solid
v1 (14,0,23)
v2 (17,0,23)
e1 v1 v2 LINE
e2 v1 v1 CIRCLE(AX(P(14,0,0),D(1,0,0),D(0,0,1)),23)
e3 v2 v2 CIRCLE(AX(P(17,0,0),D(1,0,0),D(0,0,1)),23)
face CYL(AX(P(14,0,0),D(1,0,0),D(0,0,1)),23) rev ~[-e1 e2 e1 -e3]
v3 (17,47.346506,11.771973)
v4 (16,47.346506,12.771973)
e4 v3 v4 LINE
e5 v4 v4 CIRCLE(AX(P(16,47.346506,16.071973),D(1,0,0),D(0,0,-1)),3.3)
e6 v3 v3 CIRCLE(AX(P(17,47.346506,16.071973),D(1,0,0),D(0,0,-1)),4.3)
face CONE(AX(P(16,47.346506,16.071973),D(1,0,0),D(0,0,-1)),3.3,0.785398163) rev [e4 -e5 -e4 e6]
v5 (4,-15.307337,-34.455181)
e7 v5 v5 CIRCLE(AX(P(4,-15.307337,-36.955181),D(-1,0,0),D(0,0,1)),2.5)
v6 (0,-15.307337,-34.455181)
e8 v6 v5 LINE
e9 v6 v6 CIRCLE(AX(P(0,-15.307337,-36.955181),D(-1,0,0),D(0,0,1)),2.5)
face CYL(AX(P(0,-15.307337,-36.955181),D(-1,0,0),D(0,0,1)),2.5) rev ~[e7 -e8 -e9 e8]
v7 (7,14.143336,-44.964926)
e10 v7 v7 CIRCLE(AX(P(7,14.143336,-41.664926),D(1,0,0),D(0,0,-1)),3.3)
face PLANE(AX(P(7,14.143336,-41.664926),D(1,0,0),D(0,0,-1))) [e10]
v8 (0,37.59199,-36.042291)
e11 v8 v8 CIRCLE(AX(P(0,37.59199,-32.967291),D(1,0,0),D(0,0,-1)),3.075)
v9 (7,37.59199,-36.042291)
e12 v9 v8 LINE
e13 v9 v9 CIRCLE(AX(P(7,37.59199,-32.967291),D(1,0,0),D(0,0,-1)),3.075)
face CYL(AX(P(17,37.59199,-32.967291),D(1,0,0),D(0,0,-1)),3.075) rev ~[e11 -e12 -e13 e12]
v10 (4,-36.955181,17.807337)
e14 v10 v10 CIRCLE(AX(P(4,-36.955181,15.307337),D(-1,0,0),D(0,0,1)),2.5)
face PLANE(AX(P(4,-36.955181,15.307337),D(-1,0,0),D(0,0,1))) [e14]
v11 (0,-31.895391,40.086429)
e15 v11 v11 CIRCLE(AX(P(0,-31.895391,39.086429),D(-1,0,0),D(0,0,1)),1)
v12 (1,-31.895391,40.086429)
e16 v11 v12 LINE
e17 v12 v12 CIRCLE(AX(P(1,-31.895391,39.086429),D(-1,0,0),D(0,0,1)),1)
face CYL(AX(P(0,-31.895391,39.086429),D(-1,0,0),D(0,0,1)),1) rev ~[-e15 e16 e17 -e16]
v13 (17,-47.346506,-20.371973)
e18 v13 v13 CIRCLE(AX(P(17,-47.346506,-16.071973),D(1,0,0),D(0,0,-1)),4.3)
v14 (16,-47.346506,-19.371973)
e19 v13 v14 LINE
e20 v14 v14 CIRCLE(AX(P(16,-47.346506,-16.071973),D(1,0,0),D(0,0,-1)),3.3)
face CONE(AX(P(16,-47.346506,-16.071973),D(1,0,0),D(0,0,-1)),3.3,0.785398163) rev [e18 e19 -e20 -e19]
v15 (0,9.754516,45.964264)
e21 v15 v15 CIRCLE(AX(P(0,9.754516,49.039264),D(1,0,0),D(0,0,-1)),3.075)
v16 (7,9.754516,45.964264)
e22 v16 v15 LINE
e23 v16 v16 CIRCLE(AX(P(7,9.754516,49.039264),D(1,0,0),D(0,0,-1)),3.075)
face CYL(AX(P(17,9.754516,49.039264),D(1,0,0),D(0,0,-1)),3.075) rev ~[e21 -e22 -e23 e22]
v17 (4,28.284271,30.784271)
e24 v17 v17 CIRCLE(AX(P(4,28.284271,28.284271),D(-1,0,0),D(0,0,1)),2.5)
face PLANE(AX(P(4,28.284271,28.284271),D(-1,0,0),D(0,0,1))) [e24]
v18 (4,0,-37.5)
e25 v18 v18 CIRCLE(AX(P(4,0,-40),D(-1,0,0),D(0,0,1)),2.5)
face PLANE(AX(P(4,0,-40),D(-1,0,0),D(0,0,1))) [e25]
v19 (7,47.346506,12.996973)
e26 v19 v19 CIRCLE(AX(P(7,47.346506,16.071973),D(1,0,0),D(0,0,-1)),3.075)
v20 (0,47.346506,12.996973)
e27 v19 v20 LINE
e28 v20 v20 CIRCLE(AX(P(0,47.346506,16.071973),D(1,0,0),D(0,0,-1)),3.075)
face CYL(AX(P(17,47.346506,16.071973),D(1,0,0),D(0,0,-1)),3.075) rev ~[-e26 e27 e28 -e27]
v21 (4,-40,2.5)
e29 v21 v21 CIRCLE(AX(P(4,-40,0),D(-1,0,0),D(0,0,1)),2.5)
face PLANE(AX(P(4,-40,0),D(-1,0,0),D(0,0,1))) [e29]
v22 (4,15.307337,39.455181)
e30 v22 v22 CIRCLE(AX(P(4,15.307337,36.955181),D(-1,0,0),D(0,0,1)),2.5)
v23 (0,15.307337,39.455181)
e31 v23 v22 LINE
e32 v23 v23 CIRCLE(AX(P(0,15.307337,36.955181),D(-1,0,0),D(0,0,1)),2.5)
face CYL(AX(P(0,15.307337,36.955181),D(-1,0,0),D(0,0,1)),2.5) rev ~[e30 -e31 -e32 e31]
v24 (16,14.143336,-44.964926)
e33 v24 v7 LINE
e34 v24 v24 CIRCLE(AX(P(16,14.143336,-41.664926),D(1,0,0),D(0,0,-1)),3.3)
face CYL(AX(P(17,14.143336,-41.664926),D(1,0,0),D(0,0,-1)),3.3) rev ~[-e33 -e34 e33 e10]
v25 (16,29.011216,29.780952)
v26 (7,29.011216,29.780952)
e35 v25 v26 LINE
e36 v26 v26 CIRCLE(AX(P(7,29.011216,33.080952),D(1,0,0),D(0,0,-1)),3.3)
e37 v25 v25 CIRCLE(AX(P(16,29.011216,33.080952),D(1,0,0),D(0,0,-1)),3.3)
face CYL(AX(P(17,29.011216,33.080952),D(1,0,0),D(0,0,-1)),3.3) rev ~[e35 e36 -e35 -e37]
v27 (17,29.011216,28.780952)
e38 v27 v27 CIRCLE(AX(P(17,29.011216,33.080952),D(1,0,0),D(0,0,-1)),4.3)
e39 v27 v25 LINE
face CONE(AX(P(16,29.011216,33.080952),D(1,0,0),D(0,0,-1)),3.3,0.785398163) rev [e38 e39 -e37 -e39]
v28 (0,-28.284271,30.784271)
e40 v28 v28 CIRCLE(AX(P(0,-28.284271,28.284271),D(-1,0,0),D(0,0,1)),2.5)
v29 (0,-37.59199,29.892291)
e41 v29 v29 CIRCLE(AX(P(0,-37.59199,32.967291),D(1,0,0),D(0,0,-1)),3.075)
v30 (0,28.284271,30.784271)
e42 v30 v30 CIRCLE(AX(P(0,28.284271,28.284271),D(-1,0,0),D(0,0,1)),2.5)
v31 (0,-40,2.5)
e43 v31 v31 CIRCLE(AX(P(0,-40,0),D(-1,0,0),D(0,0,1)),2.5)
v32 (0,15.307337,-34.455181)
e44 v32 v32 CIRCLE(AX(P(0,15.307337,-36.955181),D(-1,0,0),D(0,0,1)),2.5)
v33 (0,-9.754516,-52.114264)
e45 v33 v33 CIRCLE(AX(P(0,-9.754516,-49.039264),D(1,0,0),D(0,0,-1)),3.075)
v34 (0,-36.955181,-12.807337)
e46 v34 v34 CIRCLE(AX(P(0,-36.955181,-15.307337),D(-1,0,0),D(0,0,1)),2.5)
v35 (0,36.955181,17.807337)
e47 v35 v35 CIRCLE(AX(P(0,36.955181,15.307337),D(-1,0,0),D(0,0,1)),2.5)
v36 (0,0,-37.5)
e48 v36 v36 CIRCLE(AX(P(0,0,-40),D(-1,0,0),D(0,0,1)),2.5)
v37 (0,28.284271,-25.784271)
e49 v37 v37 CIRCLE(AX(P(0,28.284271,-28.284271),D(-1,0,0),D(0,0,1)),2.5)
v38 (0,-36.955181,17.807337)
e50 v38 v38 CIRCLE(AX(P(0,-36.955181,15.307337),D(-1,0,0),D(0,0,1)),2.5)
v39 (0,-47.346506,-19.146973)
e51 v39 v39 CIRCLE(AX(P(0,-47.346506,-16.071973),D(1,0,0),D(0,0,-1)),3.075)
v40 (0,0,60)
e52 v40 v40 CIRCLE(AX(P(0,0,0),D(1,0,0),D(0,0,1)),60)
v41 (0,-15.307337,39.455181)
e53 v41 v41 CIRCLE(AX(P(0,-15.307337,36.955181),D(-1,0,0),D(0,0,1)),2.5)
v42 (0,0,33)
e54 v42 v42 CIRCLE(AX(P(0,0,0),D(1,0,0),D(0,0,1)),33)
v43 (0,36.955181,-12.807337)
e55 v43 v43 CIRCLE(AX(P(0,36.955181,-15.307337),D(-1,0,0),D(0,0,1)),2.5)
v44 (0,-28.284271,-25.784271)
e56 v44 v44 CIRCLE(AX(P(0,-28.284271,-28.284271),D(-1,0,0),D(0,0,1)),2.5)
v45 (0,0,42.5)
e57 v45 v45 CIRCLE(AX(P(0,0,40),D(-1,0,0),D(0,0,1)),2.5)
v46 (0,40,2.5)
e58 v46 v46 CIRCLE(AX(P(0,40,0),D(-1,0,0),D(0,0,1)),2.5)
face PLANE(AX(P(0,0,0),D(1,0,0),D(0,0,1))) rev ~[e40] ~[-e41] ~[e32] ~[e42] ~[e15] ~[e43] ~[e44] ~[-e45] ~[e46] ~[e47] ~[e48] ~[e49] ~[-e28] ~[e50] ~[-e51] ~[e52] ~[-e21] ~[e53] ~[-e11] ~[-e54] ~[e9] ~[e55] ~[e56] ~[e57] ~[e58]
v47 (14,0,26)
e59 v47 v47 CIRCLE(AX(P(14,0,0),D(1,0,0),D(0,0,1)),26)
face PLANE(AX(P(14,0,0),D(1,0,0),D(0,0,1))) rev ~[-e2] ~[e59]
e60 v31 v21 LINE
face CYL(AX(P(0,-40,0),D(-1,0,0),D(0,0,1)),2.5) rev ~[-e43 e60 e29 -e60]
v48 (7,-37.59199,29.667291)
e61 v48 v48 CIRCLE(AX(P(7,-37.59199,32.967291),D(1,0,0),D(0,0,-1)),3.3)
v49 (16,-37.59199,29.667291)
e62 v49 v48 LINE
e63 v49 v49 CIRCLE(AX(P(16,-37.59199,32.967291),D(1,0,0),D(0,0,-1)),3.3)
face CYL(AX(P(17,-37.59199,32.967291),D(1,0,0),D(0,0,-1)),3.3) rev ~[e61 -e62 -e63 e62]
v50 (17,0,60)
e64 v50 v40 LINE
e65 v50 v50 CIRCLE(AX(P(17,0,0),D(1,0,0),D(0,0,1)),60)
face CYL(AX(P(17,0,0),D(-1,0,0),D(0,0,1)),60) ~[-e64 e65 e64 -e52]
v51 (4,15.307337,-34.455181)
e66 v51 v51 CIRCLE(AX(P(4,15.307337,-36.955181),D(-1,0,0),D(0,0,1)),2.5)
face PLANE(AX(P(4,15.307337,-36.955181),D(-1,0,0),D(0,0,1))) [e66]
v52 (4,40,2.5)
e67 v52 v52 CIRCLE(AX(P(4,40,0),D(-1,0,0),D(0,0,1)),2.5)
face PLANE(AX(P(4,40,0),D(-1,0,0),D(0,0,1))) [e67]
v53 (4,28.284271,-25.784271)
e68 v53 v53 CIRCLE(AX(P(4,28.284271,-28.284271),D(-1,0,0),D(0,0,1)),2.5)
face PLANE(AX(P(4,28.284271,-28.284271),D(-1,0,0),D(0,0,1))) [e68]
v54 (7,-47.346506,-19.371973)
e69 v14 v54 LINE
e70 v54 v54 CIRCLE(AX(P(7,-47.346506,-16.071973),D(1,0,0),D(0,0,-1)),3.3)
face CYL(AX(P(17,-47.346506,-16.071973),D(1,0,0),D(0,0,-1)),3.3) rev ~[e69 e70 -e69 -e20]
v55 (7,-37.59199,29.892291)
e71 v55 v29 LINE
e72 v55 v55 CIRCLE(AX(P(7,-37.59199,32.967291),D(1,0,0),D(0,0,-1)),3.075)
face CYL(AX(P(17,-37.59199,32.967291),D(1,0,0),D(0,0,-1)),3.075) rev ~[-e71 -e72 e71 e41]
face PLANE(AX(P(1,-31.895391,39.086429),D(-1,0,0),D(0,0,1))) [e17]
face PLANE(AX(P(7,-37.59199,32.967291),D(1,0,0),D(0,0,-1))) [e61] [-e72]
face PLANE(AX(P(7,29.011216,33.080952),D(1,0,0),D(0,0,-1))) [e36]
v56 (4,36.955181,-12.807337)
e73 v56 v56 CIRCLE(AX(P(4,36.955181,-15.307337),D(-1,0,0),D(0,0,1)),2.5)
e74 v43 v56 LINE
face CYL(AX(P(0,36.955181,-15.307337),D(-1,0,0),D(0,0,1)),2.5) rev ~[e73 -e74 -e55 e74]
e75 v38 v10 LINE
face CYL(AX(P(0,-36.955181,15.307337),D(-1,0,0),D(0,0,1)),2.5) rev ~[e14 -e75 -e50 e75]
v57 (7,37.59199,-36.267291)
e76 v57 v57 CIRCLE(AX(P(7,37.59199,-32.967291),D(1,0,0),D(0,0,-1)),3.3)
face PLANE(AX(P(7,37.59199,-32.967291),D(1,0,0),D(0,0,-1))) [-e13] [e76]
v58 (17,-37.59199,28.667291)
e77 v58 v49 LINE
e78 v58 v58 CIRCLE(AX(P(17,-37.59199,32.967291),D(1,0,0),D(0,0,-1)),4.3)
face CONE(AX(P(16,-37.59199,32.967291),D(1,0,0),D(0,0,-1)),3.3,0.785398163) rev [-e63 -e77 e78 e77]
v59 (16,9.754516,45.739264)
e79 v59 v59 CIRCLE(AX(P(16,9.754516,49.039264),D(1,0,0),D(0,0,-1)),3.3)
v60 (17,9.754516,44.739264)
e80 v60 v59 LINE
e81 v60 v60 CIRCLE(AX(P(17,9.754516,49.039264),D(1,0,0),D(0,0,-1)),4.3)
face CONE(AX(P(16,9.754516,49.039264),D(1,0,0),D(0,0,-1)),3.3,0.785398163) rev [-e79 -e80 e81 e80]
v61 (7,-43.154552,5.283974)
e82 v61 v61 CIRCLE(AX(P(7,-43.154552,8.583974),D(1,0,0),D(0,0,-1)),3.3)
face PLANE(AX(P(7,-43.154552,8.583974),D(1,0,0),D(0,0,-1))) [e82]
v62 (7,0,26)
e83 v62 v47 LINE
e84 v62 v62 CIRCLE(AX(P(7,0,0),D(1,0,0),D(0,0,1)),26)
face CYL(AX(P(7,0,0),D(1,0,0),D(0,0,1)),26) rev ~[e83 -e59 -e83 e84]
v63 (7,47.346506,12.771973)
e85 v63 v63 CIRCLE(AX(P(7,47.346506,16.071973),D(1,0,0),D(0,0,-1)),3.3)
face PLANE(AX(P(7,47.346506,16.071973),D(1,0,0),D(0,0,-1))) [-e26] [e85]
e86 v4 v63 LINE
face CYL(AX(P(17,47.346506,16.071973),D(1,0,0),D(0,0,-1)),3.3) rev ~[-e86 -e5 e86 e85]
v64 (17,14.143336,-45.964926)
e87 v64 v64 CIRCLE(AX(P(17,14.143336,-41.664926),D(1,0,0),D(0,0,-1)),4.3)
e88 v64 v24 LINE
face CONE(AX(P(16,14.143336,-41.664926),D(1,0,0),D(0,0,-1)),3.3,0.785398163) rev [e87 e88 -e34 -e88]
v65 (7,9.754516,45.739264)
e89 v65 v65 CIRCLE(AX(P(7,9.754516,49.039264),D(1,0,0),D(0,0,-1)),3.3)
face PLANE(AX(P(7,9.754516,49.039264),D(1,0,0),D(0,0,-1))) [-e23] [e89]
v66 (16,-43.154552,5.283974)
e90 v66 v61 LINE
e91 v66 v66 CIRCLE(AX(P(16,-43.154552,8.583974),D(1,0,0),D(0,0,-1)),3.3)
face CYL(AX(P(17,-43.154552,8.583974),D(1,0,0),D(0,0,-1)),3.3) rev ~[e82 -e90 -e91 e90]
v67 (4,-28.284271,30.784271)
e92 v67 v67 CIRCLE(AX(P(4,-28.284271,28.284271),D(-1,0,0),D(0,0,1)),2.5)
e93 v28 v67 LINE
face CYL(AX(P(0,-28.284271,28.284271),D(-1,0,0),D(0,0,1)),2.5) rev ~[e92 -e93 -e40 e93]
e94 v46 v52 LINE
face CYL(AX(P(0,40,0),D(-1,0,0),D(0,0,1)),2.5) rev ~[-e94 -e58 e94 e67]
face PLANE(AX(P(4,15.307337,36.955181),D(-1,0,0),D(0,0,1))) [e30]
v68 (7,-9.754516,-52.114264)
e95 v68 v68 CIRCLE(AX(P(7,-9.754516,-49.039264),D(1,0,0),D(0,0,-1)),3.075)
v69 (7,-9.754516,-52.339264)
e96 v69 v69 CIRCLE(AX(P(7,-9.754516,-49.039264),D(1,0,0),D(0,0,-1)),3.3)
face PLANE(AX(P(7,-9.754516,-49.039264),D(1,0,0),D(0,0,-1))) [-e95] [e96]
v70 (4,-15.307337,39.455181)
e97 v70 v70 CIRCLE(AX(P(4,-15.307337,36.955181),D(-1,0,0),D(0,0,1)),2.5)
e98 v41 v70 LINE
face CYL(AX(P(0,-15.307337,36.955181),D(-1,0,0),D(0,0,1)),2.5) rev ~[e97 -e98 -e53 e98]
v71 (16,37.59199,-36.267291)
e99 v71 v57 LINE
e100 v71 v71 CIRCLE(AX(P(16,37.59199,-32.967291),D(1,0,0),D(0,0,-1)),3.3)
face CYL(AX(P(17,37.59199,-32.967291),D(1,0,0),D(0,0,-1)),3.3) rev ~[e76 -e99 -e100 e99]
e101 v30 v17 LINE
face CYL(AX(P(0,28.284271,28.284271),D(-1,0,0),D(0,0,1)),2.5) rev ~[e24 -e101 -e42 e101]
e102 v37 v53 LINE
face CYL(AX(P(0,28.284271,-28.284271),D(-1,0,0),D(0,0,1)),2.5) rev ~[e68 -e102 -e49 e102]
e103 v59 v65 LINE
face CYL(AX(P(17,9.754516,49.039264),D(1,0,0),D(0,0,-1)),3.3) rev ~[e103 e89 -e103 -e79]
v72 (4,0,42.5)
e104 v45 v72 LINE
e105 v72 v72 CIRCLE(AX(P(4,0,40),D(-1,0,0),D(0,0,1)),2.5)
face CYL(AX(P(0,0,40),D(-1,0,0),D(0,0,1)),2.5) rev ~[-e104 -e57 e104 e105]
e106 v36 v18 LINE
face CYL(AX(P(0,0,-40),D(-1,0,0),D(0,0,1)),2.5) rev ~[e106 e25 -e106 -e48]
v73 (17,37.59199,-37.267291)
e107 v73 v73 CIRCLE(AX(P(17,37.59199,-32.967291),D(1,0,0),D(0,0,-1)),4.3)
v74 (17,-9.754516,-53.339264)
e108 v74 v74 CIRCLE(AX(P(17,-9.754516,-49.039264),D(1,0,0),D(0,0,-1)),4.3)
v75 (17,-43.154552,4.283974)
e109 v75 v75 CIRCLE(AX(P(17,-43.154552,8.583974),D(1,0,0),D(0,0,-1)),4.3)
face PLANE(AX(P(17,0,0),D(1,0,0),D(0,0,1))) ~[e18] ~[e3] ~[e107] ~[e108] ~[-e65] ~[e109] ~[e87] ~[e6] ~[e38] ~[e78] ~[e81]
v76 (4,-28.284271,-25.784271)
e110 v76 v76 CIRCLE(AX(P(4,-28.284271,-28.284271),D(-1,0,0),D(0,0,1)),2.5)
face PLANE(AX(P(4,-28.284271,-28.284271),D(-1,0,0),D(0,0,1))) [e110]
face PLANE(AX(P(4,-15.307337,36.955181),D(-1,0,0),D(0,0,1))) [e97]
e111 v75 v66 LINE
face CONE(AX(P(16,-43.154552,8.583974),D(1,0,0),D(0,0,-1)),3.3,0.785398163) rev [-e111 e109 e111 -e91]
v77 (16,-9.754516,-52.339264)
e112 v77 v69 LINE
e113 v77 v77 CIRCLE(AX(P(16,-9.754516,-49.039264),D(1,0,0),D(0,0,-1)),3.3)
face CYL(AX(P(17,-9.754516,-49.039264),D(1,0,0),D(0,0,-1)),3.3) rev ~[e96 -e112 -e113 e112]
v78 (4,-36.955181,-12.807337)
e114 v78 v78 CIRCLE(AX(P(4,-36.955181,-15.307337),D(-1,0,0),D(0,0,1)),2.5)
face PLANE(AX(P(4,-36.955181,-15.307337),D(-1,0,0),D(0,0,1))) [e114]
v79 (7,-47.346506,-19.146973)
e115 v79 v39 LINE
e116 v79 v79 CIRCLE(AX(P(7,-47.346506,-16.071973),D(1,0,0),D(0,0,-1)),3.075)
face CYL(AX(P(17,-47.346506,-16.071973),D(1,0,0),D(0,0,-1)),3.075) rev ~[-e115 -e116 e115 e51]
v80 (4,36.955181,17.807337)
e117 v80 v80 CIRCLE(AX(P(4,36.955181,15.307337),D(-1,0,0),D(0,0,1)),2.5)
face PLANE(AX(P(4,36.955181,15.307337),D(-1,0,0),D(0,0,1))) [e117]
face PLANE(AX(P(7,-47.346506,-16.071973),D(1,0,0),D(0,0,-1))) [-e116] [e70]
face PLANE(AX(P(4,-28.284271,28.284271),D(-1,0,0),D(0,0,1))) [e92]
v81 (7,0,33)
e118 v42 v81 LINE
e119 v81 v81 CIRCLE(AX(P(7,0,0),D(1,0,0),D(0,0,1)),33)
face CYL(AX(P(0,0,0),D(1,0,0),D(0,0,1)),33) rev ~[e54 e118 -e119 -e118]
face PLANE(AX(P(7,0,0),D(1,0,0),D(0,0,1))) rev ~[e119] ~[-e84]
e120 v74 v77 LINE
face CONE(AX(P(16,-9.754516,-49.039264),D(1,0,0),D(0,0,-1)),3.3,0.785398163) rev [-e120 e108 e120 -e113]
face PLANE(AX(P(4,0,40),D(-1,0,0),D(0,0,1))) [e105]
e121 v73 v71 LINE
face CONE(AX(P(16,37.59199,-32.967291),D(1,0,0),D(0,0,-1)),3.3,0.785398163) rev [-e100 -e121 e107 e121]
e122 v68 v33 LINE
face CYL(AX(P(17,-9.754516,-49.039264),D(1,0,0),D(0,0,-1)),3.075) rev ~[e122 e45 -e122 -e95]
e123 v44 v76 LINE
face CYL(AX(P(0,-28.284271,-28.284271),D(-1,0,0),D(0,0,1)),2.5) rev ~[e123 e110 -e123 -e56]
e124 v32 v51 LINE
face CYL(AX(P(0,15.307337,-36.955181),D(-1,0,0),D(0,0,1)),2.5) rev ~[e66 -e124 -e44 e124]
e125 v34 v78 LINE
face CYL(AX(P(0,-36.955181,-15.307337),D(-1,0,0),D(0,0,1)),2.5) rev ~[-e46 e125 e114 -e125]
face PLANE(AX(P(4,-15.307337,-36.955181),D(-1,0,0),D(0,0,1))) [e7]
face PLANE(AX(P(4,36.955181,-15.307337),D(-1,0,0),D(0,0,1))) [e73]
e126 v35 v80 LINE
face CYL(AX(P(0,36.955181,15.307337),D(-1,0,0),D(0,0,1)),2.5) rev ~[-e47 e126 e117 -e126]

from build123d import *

# Parameters (mm, degrees)
SKETCH2_R          = 2.5
CUT_EXTRUDE1_DEPTH = 4
SKETCH3_R          = 3.075
CUT_EXTRUDE4_DEPTH = 87.539008545
SKETCH5_R          = 3.3
CUT_EXTRUDE6_DEPTH = 10
CHAMFER1_SIZE      = 1
SKETCH7_R          = 1
CUT_EXTRUDE8_DEPTH = 1


with BuildPart() as part:
    # Sketch1 → Revolve1 (revolve)
    with BuildSketch(Plane.XY, mode=Mode.PRIVATE) as revolve1_sk:
        Polygon((0, 60), (0, 33), (7, 33), (7, 26), (14, 26), (14, 23), (17, 23), (17, 60), align=None)
    revolve(revolve1_sk.sketch.rotate(Axis((0, 0, 0), (1, 0, 0)), 90), axis=Axis((0, 0, 0), (1, 0, 0)))

    # Sketch2 → Cut-Extrude1 (cut)
    with BuildSketch(Plane.ZY):
        with Locations((0, 40)):
            Circle(SKETCH2_R)
        with Locations((15.307337295, 36.9551813)):
            Circle(SKETCH2_R)
        with Locations((28.284271247, 28.284271247)):
            Circle(SKETCH2_R)
        with Locations((36.9551813, 15.307337295)):
            Circle(SKETCH2_R)
        with Locations((40, 0)):
            Circle(SKETCH2_R)
        with Locations((36.9551813, -15.307337295)):
            Circle(SKETCH2_R)
        with Locations((28.284271247, -28.284271247)):
            Circle(SKETCH2_R)
        with Locations((15.307337295, -36.9551813)):
            Circle(SKETCH2_R)
        with Locations((0, -40)):
            Circle(SKETCH2_R)
        with Locations((-15.307337295, -36.9551813)):
            Circle(SKETCH2_R)
        with Locations((-28.284271247, -28.284271247)):
            Circle(SKETCH2_R)
        with Locations((-36.9551813, -15.307337295)):
            Circle(SKETCH2_R)
        with Locations((-40, 0)):
            Circle(SKETCH2_R)
        with Locations((-36.9551813, 15.307337295)):
            Circle(SKETCH2_R)
        with Locations((-28.284271247, 28.284271247)):
            Circle(SKETCH2_R)
        with Locations((-15.307337295, 36.9551813)):
            Circle(SKETCH2_R)
    extrude(amount=-CUT_EXTRUDE1_DEPTH, mode=Mode.SUBTRACT)

    # Sketch3 → Cut-Extrude4 (cut, through all)
    with BuildSketch(Plane(origin=(17, 0, 0), x_dir=(0, 0, -1), z_dir=(1, 0, 0))):
        with Locations((49.03926402, -9.754516101)):
            Circle(SKETCH3_R)
        with Locations((16.071973265, -47.346506475)):
            Circle(SKETCH3_R)
        with Locations((-32.967290755, -37.591990374)):
            Circle(SKETCH3_R)
        with Locations((-49.03926402, 9.754516101)):
            Circle(SKETCH3_R)
        with Locations((-16.071973265, 47.346506475)):
            Circle(SKETCH3_R)
        with Locations((32.967290755, 37.591990374)):
            Circle(SKETCH3_R)
    extrude(amount=-CUT_EXTRUDE4_DEPTH, mode=Mode.SUBTRACT)

    # Sketch5 → Cut-Extrude6 (cut)
    with BuildSketch(Plane(origin=(17, 0, 0), x_dir=(0, 0, -1), z_dir=(1, 0, 0))):
        with Locations((32.967290755, 37.591990374)):
            Circle(SKETCH5_R)
        with Locations((49.03926402, -9.754516101)):
            Circle(SKETCH5_R)
        with Locations((16.071973265, -47.346506475)):
            Circle(SKETCH5_R)
        with Locations((-32.967290755, -37.591990374)):
            Circle(SKETCH5_R)
        with Locations((-49.03926402, 9.754516101)):
            Circle(SKETCH5_R)
        with Locations((-16.071973265, 47.346506475)):
            Circle(SKETCH5_R)
        with Locations((41.664925698, 14.143336473)):
            Circle(SKETCH5_R)
        with Locations((-8.583974169, -43.154552338)):
            Circle(SKETCH5_R)
        with Locations((-33.080951529, 29.011215864)):
            Circle(SKETCH5_R)
    extrude(amount=-CUT_EXTRUDE6_DEPTH, mode=Mode.SUBTRACT)

    # Chamfer1
    chamfer1_edges = [part.edges().sort_by_distance(p)[0] for p in [
        (17, -9.754516101, -45.73926402),
        (17, -47.346506475, -12.771973265),
        (17, -37.591990374, 36.267290755),
        (17, 9.754516101, 52.33926402),
        (17, 29.011215864, 36.380951529),
        (17, -43.154552338, 11.883974169),
        (17, 14.143336473, -38.364925698),
        (17, 47.346506475, 19.371973265),
        (17, 37.591990374, -29.667290755),
    ]]
    chamfer(chamfer1_edges, length=CHAMFER1_SIZE)

    # Sketch7 → Cut-Extrude8 (cut)
    with BuildSketch(Plane.ZY):
        with Locations((39.086428505, -31.895390573)):
            Circle(SKETCH7_R)
    extrude(amount=-CUT_EXTRUDE8_DEPTH, mode=Mode.SUBTRACT)


solid = part.part
